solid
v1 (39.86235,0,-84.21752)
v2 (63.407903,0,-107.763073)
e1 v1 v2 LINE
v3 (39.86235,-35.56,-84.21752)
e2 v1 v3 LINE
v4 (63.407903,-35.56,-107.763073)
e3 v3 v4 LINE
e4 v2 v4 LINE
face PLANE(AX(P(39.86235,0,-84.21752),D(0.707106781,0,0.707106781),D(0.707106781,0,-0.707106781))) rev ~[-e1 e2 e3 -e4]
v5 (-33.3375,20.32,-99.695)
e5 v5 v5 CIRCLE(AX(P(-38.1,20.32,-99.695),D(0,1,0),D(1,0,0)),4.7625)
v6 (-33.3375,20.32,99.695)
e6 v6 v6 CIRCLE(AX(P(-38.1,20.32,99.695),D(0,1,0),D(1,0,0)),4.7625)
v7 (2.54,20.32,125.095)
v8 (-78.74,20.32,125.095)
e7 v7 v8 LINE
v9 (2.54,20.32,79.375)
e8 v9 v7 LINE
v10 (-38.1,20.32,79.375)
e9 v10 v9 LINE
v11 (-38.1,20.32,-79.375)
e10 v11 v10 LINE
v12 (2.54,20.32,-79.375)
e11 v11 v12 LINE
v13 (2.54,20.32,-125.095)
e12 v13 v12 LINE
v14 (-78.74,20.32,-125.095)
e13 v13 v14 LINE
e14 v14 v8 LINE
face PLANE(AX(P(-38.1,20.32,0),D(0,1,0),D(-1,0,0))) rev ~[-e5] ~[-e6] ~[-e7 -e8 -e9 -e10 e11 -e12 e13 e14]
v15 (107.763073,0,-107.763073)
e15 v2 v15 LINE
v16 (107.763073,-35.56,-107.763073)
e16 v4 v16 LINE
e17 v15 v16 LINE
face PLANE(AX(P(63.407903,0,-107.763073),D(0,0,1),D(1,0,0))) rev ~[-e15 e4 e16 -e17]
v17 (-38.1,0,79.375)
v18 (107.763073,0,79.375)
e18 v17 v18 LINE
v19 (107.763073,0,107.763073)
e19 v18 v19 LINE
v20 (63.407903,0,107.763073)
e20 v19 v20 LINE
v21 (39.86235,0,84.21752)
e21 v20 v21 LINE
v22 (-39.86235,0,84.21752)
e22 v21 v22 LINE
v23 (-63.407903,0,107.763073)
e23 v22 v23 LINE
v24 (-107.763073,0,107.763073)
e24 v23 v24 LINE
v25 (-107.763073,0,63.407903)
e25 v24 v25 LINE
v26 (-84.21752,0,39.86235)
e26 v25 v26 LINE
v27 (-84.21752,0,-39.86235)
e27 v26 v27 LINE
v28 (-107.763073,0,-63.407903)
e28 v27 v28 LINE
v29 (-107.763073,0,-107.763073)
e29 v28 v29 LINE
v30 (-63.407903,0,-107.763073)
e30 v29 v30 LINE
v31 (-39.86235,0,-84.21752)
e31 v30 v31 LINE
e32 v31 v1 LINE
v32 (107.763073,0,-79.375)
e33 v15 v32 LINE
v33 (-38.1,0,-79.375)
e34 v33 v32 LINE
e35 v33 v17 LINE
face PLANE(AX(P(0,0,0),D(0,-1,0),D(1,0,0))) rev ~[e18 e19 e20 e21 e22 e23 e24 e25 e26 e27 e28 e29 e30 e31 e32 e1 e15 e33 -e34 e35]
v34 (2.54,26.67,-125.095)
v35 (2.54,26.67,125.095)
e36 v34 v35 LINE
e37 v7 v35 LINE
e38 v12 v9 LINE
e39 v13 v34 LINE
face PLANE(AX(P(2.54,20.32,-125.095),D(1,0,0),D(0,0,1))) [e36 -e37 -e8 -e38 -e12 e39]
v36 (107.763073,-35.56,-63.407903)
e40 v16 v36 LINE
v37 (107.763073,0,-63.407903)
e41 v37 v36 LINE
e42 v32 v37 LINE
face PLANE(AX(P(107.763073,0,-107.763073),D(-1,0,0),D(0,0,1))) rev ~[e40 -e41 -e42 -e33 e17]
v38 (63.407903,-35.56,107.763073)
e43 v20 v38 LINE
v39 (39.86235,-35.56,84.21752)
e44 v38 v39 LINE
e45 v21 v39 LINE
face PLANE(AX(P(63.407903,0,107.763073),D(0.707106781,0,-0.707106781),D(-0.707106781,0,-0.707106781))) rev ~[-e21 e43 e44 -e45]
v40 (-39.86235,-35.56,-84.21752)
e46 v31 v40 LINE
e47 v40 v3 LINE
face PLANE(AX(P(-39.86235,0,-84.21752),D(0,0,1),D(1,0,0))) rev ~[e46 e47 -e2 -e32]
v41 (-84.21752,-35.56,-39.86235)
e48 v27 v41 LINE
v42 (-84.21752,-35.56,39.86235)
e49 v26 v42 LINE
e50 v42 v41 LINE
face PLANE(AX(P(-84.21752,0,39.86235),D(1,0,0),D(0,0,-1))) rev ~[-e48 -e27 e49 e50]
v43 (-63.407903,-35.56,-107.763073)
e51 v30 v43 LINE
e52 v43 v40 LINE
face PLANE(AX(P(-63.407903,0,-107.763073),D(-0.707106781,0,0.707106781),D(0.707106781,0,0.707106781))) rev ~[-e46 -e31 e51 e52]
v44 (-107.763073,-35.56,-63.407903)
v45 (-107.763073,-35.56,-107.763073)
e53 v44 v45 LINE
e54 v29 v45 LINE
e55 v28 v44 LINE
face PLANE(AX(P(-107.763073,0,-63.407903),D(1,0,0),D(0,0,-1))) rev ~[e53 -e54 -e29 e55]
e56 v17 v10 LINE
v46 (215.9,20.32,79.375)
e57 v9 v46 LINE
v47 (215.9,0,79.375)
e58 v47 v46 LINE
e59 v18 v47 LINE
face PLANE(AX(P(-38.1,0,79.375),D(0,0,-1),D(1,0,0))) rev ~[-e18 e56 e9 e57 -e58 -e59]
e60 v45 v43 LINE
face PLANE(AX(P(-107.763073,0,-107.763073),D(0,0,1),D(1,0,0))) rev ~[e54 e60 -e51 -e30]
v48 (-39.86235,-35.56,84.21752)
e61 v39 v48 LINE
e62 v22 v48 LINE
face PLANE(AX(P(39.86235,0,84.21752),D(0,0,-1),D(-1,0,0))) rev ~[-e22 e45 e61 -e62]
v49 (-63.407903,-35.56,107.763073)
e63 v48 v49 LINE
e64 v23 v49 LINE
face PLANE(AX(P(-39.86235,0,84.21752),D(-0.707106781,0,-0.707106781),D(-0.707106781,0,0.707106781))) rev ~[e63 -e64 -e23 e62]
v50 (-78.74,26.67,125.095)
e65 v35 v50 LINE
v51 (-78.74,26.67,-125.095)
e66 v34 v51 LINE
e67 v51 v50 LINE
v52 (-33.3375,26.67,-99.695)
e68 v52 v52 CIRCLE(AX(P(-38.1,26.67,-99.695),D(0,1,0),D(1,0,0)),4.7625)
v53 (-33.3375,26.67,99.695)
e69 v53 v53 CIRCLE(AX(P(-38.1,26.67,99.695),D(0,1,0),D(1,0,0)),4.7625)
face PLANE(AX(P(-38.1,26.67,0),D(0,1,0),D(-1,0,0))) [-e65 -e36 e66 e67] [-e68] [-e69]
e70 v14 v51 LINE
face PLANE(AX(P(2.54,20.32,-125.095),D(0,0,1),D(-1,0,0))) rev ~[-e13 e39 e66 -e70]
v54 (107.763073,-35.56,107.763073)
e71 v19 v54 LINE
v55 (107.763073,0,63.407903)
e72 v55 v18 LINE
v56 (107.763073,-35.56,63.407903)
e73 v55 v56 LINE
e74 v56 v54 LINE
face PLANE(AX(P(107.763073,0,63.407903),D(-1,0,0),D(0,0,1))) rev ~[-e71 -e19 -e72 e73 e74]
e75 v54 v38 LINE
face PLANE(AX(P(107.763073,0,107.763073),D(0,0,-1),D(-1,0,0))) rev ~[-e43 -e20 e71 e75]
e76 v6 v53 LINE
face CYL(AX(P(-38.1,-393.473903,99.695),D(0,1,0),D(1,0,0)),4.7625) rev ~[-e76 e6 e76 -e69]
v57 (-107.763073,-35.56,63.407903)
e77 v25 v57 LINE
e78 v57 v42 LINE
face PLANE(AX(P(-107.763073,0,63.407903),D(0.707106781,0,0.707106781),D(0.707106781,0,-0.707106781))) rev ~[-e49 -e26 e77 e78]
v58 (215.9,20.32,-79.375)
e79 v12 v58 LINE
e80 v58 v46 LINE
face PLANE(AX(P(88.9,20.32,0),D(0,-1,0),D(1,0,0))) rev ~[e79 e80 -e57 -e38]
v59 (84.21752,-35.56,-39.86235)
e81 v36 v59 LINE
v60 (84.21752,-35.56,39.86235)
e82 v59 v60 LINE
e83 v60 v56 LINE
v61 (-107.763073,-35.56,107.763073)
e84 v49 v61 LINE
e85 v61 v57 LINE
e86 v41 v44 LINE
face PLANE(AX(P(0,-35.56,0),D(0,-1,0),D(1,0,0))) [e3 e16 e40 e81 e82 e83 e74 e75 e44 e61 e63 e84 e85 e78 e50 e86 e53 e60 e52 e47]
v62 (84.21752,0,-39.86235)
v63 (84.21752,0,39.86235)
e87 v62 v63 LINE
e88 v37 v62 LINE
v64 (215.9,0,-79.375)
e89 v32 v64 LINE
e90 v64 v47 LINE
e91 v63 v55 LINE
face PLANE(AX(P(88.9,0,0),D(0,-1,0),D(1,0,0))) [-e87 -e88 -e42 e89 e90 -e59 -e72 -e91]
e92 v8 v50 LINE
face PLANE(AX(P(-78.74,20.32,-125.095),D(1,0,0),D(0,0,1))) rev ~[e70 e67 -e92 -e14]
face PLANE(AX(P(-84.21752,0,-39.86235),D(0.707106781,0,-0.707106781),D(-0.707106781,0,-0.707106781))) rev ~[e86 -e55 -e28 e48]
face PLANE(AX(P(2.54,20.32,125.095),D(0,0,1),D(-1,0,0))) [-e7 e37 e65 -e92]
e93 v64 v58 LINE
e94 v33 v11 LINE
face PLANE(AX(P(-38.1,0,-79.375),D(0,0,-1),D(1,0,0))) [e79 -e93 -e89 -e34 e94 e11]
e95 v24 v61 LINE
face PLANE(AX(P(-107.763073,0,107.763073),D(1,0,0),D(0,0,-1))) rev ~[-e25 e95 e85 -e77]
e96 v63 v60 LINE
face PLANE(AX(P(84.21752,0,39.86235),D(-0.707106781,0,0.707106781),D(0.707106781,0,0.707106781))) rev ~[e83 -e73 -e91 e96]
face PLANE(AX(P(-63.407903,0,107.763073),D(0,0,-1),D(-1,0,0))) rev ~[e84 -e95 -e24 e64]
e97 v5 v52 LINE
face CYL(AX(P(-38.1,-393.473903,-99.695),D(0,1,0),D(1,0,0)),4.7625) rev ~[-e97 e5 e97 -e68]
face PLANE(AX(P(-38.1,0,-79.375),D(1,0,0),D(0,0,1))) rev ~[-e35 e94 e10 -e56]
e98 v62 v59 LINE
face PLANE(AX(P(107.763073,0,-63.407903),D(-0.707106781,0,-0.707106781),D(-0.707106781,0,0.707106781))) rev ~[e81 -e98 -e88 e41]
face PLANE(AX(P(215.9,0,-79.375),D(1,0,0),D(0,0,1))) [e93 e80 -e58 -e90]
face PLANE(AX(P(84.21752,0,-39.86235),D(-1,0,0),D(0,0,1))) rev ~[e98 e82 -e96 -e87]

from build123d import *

# Parameters (mm, degrees)
F1_DEPTH = 35.56
F2_W     = 254
F2_H     = 158.75
F3_DEPTH = 20.32
F4_W     = 81.28
F4_H     = 250.19
F5_DEPTH = 6.35
F6_D     = 9.525


with BuildPart() as f1:
    # F0 (on Front) → F1 (new body)
    with BuildSketch(Plane.XZ):
        Polygon((107.763073, 63.407903), (107.763073, 107.763073), (63.407903, 107.763073), (39.86235, 84.21752), (0, 84.21752), (-39.86235, 84.21752), (-63.407903, 107.763073), (-107.763073, 107.763073), (-107.763073, 63.407903), (-84.21752, 39.86235), (-84.21752, 0), (-84.21752, -39.86235), (-107.763073, -63.407903), (-107.763073, -107.763073), (-63.407903, -107.763073), (-39.86235, -84.21752), (0, -84.21752), (39.86235, -84.21752), (63.407903, -107.763073), (107.763073, -107.763073), (107.763073, -63.407903), (84.21752, -39.86235), (84.21752, 0), (84.21752, 39.86235), align=None)
    extrude(amount=F1_DEPTH)

    # F2 (on Front) → F3 (join)
    with BuildSketch(Plane.XZ):
        with Locations((88.9, 0)):
            Rectangle(F2_W, F2_H)
    extrude(amount=-F3_DEPTH)

    # F4 (on face) → F5 (join)
    with BuildSketch(Plane(origin=(0, 20.32, 0), x_dir=(-1, 0, 0), z_dir=(0, 1, 0))):
        with Locations((38.1, 0)):
            Rectangle(F4_W, F4_H)
    extrude(amount=F5_DEPTH)

    # F6 (through all)
    with Locations(Plane(origin=(0, 20.32, 0), x_dir=(-1, 0, 0), z_dir=(0, -1, 0))):
        with Locations((38.1, 99.695), (38.1, -99.695)):
            Hole(F6_D / 2)


solid = f1.part
